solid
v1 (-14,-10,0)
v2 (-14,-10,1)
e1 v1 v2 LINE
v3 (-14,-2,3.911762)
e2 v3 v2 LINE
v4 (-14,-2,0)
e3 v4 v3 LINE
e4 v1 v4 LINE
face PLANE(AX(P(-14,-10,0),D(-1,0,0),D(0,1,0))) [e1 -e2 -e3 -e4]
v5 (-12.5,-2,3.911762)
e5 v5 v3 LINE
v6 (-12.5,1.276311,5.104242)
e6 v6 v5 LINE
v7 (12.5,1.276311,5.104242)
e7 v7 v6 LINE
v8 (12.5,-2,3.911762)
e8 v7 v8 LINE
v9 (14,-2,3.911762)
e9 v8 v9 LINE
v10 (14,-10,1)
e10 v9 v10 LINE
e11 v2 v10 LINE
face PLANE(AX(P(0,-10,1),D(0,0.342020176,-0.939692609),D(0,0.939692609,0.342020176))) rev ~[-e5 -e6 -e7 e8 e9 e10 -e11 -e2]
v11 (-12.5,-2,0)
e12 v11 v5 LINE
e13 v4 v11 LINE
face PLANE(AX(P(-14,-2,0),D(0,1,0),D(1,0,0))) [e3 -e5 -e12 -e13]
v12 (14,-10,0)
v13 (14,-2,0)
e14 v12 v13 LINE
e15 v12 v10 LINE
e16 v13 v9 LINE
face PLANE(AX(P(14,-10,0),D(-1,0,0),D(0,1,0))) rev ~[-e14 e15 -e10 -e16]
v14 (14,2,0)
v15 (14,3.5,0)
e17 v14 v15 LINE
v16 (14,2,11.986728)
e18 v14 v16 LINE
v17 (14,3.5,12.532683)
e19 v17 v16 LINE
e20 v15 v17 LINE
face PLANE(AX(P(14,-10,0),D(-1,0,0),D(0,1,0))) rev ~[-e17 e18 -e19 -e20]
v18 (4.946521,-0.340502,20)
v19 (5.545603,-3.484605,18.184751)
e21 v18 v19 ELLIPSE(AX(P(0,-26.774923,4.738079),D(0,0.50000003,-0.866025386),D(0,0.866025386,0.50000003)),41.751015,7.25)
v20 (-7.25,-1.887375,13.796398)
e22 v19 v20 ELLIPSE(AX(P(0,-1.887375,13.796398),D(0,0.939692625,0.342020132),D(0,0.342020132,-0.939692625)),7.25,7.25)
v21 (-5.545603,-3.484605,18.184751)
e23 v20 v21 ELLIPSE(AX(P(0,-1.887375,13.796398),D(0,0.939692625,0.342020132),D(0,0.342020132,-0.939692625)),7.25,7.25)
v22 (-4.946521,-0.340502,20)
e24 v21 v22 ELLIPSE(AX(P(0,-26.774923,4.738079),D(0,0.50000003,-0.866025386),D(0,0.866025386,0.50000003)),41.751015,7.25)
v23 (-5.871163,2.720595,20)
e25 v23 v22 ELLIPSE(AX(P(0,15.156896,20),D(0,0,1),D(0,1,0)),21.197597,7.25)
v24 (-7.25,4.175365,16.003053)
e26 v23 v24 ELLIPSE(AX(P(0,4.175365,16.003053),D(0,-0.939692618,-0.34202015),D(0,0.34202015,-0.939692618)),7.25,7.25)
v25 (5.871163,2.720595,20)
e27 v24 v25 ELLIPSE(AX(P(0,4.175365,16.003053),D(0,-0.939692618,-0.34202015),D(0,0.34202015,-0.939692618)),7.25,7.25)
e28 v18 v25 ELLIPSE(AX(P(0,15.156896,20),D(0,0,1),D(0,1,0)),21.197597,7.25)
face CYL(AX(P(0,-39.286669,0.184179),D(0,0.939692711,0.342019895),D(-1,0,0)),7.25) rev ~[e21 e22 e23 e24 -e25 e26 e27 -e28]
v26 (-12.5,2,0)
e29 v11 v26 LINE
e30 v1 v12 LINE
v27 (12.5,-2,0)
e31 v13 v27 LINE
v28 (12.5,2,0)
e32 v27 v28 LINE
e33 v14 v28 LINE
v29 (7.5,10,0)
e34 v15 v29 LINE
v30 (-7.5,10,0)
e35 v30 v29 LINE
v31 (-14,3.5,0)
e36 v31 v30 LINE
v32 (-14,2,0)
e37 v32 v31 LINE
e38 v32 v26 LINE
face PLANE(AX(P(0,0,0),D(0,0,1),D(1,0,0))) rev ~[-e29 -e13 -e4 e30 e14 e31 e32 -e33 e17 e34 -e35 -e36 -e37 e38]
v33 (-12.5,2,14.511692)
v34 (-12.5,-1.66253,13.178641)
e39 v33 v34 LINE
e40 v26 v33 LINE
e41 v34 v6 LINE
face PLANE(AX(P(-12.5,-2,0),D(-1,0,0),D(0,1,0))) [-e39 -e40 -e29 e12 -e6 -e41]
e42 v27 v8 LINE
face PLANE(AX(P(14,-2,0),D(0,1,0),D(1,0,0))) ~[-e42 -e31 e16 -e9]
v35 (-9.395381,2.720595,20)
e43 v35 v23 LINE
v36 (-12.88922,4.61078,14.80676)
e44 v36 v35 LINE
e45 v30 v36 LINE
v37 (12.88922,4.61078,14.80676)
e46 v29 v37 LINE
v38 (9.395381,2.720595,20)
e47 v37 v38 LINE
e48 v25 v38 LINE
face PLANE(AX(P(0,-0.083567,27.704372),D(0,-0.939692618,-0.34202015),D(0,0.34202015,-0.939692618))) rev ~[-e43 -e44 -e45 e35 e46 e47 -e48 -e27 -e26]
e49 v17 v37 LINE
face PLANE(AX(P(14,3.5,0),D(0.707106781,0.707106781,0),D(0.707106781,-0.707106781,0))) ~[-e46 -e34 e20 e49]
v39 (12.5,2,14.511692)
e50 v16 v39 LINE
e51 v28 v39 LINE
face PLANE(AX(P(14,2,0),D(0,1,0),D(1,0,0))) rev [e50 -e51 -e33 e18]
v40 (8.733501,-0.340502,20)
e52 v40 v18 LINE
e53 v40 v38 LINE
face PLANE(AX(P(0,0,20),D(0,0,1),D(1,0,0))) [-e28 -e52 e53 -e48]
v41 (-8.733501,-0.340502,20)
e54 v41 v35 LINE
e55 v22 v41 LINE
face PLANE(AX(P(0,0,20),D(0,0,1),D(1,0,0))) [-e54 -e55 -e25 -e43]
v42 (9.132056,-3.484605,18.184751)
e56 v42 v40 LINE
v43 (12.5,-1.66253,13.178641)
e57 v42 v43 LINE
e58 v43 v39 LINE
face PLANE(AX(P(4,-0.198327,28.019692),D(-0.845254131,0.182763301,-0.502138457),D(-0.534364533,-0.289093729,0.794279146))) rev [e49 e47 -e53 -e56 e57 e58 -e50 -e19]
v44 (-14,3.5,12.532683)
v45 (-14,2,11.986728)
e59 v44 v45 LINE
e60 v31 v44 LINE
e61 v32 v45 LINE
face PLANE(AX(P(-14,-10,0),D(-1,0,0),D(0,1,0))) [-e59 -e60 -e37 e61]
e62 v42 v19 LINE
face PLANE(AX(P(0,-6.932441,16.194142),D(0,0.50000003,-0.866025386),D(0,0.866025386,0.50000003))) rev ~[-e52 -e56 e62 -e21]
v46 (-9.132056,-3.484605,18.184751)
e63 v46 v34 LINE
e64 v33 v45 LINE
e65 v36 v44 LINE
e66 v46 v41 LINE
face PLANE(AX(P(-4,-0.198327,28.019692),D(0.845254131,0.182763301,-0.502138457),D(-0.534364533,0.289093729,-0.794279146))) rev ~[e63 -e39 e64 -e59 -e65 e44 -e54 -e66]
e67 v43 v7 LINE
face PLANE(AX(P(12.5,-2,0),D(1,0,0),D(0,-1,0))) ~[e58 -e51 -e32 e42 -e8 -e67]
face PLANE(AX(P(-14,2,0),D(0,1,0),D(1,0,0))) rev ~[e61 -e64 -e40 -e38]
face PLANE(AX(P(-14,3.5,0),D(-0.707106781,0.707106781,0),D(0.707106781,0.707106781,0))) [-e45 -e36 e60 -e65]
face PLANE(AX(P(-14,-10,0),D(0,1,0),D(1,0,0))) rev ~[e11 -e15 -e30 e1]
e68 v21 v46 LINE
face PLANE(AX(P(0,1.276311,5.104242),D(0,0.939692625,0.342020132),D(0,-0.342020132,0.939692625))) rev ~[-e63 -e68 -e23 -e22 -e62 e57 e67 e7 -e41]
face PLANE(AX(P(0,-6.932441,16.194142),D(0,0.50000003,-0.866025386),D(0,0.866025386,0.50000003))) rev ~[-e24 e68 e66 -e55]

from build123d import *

# Parameters (mm, degrees)
F0_W      = 28
F0_H      = 20
F1_DEPTH  = 20
F3_DEPTH  = 20
F6_DEPTH  = 17.5
F7_W      = 1.5
F7_H      = 4
F8_DEPTH  = 40
F12_DEPTH = 15
F15_D     = 14.5
F17_DEPTH = 20
F19_DEPTH = 12.5


with BuildPart() as f1:
    # F0 (on Top) → F1 (new body)
    with BuildSketch(Plane.XY):
        Rectangle(F0_W, F0_H)
    extrude(amount=F1_DEPTH)


with BuildPart() as f3:
    # F2 (on Top) → F3 (new body)
    with BuildSketch(Plane.XY):
        Polygon((-14, 3.5), (-7.5, 10), (-14, 10), align=None)
    extrude(amount=F3_DEPTH)


with BuildPart() as f4_1:
    # F4: instance of F3
    add(f3.part.mirror(Plane.YZ))


with BuildPart() as f6:
    # F5 (on Right) → F6 (new body, symmetric)
    with BuildSketch(Plane.YZ):
        Polygon((-0.083567, 27.704372), (10, 0), (10, 27.704372), align=None)
    extrude(amount=F6_DEPTH, both=True)


with BuildPart() as f8:
    # F7 (on Top) → F8 (new body)
    with BuildSketch(Plane.XY):
        with Locations((-13.25, 0)):
            Rectangle(F7_W, F7_H)
    extrude(amount=F8_DEPTH)


with BuildPart() as f9_1:
    # F9: instance of F8
    add(f8.part.mirror(Plane.YZ))


with BuildPart() as f1_1:
    add(f1.part)

    # F10: cut F3, F4_1, F6, F8, F9_1
    add(f3.part, mode=Mode.SUBTRACT)
    add(f4_1.part, mode=Mode.SUBTRACT)
    add(f6.part, mode=Mode.SUBTRACT)
    add(f8.part, mode=Mode.SUBTRACT)
    add(f9_1.part, mode=Mode.SUBTRACT)


with BuildPart() as f12:
    # F11 (on Right) → F12 (new body, symmetric)
    with BuildSketch(Plane.YZ):
        Polygon((-10, 36.085653), (-10, 1), (1.276311, 5.104242), align=None)
    extrude(amount=F12_DEPTH, both=True)


with BuildPart() as f1_2:
    add(f1_1.part)

    # F13: cut F12
    add(f12.part, mode=Mode.SUBTRACT)

    # F15 (through all)
    with Locations(Plane(origin=(0, 2.767483, 1.007281), x_dir=(1, 0, 0), z_dir=(0, -0.939693, -0.34202))):
        with Locations((0, 13.609894)):
            Hole(F15_D / 2)


with BuildPart() as f17:
    # F16 (on Right) → F17 (new body, symmetric)
    with BuildSketch(Plane.YZ):
        Polygon((-6.932441, 16.194142), (0, 20.196589), (-9.243255, 20.196589), align=None)
    extrude(amount=F17_DEPTH, both=True)


with BuildPart() as f19:
    # F18 (on face) → F19 (new body, symmetric)
    with BuildSketch(Plane(origin=(0, 8.830222, 3.213938), x_dir=(-1, 0, 0), z_dir=(0, 0.939693, 0.34202))):
        Polygon((14, 26.39773), (4, 26.39773), (14, 10.579799), align=None)
    extrude(amount=F19_DEPTH, both=True)


with BuildPart() as f20_1:
    # F20: instance of F19
    add(f19.part.mirror(Plane.YZ))


with BuildPart() as f1_3:
    add(f1_2.part)

    # F21: cut F20_1, F19, F17
    add(f20_1.part, mode=Mode.SUBTRACT)
    add(f19.part, mode=Mode.SUBTRACT)
    add(f17.part, mode=Mode.SUBTRACT)


solid = f1_3.part
